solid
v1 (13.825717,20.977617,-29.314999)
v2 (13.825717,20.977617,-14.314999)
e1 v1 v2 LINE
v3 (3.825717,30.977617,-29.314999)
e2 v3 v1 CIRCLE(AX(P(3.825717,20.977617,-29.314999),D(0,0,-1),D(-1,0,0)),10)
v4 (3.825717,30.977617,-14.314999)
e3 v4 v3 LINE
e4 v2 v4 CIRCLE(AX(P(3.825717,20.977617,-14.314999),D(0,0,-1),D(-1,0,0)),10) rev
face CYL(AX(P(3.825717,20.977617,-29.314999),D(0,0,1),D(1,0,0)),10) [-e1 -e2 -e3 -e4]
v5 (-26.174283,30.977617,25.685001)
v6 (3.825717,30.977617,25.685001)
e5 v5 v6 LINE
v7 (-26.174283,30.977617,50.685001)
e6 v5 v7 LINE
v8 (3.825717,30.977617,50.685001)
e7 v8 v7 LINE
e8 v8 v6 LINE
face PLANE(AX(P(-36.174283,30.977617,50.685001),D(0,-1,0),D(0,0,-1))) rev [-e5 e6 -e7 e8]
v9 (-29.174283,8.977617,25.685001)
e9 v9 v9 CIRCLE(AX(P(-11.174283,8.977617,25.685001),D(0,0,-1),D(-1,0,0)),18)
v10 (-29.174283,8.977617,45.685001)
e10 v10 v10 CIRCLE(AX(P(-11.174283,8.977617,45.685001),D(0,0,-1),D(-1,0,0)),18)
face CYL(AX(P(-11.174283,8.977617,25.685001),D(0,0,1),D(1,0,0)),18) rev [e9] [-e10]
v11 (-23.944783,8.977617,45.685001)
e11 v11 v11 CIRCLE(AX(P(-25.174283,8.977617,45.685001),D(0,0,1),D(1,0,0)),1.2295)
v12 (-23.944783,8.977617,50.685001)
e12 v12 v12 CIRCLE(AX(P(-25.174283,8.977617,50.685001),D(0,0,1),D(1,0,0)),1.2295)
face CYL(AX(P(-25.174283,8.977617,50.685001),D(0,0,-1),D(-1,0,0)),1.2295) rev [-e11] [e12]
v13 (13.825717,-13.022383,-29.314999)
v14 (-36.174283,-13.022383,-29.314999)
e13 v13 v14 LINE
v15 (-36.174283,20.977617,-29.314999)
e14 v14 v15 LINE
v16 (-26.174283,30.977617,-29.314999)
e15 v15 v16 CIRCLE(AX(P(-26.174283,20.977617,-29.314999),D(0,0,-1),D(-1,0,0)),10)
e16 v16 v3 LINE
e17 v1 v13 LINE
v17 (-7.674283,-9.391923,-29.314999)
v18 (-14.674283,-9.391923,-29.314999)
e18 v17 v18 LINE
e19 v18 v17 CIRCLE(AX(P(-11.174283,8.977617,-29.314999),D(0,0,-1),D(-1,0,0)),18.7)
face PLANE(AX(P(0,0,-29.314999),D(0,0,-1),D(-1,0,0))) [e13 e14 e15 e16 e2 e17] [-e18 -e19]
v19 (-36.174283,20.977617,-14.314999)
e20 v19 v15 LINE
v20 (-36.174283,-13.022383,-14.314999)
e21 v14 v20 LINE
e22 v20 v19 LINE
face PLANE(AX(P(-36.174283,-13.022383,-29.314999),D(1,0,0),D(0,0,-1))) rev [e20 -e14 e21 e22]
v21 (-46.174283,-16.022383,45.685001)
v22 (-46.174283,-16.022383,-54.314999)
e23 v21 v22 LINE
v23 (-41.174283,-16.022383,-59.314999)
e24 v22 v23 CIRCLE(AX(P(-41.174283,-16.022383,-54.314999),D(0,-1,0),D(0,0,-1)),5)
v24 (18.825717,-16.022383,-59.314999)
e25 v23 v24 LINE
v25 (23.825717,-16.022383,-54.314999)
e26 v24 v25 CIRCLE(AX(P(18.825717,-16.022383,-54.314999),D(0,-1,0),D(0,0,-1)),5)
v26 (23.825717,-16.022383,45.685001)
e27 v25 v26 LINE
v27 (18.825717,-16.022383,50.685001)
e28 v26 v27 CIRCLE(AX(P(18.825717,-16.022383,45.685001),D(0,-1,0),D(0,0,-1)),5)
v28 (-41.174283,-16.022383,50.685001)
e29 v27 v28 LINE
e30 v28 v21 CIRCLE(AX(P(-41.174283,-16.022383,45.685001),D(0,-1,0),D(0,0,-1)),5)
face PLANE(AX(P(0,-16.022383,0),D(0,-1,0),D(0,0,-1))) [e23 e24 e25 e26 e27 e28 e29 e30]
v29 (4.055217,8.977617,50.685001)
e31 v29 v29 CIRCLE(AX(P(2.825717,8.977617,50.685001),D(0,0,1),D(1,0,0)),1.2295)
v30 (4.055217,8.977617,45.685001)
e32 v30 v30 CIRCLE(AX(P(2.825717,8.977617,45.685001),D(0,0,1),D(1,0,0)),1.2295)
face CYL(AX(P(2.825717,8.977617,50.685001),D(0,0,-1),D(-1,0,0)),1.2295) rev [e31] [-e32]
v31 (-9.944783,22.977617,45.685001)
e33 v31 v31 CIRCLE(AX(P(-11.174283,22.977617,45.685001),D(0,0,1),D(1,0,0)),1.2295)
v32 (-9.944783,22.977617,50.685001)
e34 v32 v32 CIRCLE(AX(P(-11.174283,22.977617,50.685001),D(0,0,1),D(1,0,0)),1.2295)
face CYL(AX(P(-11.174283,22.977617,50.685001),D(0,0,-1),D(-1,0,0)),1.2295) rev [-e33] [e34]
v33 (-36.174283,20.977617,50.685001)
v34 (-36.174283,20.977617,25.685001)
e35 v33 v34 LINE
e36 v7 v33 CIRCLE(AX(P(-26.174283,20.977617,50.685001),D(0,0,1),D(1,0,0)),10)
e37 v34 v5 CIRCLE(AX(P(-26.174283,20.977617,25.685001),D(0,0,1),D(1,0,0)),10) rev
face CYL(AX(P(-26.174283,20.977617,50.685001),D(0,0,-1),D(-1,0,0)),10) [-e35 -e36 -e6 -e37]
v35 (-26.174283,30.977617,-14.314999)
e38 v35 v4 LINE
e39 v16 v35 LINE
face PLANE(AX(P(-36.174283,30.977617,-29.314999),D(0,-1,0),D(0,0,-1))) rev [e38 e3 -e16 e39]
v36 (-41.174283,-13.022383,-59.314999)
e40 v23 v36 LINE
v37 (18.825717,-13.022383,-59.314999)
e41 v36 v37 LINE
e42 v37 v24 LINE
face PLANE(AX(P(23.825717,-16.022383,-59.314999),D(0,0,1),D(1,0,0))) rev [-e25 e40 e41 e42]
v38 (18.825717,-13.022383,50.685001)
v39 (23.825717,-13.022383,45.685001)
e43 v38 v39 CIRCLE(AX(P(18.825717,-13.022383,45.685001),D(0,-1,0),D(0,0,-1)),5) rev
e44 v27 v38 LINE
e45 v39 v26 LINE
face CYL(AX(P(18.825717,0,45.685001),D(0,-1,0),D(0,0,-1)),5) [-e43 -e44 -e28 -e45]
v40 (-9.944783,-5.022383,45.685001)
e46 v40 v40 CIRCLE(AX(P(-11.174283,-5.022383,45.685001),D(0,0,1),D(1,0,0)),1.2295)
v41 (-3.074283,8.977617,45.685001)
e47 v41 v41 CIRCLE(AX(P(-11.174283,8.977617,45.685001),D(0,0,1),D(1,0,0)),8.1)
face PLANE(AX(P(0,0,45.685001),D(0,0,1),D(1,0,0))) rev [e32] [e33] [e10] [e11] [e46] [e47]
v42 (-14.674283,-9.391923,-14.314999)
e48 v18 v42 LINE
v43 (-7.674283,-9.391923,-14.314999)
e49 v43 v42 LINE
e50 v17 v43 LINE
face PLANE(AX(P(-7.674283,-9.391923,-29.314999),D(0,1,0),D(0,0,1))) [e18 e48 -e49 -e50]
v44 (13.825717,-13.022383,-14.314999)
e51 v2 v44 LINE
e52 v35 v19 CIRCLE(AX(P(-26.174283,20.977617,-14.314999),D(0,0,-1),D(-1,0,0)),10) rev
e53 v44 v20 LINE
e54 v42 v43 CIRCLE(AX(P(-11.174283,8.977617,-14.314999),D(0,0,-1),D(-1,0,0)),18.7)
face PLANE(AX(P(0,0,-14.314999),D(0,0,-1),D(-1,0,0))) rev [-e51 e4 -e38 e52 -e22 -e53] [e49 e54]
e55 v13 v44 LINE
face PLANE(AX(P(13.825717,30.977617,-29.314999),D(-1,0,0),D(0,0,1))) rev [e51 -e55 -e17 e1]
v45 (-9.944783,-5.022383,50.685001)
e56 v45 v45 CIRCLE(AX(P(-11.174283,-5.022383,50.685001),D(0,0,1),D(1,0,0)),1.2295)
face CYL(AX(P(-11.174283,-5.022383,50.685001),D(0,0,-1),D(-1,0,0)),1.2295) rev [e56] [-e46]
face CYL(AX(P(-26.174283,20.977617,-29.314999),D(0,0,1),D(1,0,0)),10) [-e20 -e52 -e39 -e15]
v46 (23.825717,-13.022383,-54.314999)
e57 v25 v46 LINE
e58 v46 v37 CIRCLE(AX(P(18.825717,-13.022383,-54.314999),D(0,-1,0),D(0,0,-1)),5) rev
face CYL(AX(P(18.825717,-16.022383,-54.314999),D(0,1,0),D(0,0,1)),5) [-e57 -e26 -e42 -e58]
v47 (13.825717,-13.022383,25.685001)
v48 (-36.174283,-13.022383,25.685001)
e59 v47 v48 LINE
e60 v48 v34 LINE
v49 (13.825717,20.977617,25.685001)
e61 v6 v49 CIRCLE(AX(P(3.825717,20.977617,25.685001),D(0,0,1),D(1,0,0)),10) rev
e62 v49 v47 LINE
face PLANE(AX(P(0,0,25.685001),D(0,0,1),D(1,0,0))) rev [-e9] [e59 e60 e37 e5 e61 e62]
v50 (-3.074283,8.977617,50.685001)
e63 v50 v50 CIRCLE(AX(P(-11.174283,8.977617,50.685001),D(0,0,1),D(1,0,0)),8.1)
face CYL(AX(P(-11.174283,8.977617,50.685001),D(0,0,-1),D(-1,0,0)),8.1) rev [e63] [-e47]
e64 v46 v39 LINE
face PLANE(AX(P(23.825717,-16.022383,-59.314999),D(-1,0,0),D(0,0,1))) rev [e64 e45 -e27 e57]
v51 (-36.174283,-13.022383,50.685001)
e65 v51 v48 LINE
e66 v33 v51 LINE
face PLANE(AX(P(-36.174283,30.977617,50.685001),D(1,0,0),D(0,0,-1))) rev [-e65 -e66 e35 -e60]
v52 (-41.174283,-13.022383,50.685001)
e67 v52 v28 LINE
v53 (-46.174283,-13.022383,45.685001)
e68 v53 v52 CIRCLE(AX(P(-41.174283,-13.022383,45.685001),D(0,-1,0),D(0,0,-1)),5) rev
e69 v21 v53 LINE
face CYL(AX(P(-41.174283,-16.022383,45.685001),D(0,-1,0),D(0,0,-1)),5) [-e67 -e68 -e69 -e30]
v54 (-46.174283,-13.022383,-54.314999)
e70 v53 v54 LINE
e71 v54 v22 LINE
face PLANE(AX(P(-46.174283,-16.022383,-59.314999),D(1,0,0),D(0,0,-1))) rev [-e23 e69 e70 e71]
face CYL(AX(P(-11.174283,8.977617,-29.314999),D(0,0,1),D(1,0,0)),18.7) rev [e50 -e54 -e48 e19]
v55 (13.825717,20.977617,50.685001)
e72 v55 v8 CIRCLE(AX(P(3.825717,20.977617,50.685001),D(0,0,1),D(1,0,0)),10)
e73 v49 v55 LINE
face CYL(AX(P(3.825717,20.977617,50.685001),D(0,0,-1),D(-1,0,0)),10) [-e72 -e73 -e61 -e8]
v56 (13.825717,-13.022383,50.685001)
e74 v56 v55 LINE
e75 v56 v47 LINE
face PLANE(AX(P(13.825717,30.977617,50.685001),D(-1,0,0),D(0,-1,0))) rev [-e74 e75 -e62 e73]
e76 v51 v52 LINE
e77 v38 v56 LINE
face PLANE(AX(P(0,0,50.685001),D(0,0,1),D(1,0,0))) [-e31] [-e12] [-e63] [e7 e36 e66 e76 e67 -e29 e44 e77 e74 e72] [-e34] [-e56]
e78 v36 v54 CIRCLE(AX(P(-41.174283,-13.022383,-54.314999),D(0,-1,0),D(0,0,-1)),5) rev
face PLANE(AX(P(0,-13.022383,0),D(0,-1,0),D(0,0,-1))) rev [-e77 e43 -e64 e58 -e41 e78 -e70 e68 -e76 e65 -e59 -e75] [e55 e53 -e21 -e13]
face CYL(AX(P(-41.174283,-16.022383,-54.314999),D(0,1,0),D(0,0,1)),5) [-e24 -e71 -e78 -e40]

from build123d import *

# Parameters (mm, degrees)
SKETCH1_W           = 50
SKETCH1_H           = 44
SKETCH1_R           = 1.2295
SKETCH1_R_2         = 8.1
BOSS_EXTRUDE1_DEPTH = 5
SKETCH2_W           = 50
SKETCH2_H           = 44
SKETCH2_R           = 18
BOSS_EXTRUDE2_DEPTH = 20
SKETCH4_W           = 70
SKETCH4_H           = 110
BOSS_EXTRUDE3_DEPTH = 3
SKETCH6_W           = 50
SKETCH6_H           = 44
BOSS_EXTRUDE4_DEPTH = 15
FILLET1_R           = 10
FILLET3_R           = 5


with BuildPart() as part:
    # Sketch1 → Boss-Extrude1 (new body)
    with BuildSketch(Plane.XY.offset(45.685001235)):
        with Locations((-11.17428291, 8.97761735)):
            Rectangle(SKETCH1_W, SKETCH1_H)
        with Locations((-11.17428291, 22.97761735)):
            Circle(SKETCH1_R, mode=Mode.SUBTRACT)
        with Locations((2.82571709, 8.97761735)):
            Circle(SKETCH1_R, mode=Mode.SUBTRACT)
        with Locations((-11.17428291, -5.02238265)):
            Circle(SKETCH1_R, mode=Mode.SUBTRACT)
        with Locations((-25.17428291, 8.97761735)):
            Circle(SKETCH1_R, mode=Mode.SUBTRACT)
        with Locations((-11.17428291, 8.97761735)):
            Circle(SKETCH1_R_2, mode=Mode.SUBTRACT)
    extrude(amount=BOSS_EXTRUDE1_DEPTH)

    # Sketch2 → Boss-Extrude2 (add)
    with BuildSketch(Plane(origin=(0, 0, 45.685001235), x_dir=(-1, 0, 0), z_dir=(0, 0, -1))):
        with Locations((11.17428291, 8.97761735)):
            Rectangle(SKETCH2_W, SKETCH2_H)
        with Locations((11.17428291, 8.97761735)):
            Circle(SKETCH2_R, mode=Mode.SUBTRACT)
    extrude(amount=BOSS_EXTRUDE2_DEPTH)

    # Sketch4 → Boss-Extrude3 (add)
    with BuildSketch(Plane.XZ.offset(13.02238265)):
        with Locations((-11.17428291, -4.314998765)):
            Rectangle(SKETCH4_W, SKETCH4_H)
    extrude(amount=BOSS_EXTRUDE3_DEPTH)

    # Sketch6 → Boss-Extrude4 (add)
    with BuildSketch(Plane(origin=(0, 0, -14.314998765), x_dir=(-1, 0, 0), z_dir=(0, 0, -1))):
        with Locations((11.17428291, 8.97761735)):
            Rectangle(SKETCH6_W, SKETCH6_H)
        with BuildLine():
            Line((7.67428291, -9.391922655), (14.67428291, -9.391922655))
            ThreePointArc((14.67428291, -9.391922655), (11.17428291, 27.67761735), (7.67428291, -9.391922655))
        make_face(mode=Mode.SUBTRACT)
    extrude(amount=BOSS_EXTRUDE4_DEPTH)

    # Fillet1
    fillet1_edges = [part.edges().sort_by_distance(p)[0] for p in [
        (13.82571709, 30.97761735, -21.814998765),
        (-36.17428291, 30.97761735, -21.814998765),
        (-36.17428291, 30.97761735, 38.185001235),
        (13.82571709, 30.97761735, 38.185001235),
    ]]
    fillet(fillet1_edges, radius=FILLET1_R)

    # Fillet3
    fillet3_edges = [part.edges().sort_by_distance(p)[0] for p in [
        (23.82571709, -14.52238265, -59.314998765),
        (23.82571709, -14.52238265, 50.685001235),
        (-46.17428291, -14.52238265, 50.685001235),
        (-46.17428291, -14.52238265, -59.314998765),
    ]]
    fillet(fillet3_edges, radius=FILLET3_R)


solid = part.part
